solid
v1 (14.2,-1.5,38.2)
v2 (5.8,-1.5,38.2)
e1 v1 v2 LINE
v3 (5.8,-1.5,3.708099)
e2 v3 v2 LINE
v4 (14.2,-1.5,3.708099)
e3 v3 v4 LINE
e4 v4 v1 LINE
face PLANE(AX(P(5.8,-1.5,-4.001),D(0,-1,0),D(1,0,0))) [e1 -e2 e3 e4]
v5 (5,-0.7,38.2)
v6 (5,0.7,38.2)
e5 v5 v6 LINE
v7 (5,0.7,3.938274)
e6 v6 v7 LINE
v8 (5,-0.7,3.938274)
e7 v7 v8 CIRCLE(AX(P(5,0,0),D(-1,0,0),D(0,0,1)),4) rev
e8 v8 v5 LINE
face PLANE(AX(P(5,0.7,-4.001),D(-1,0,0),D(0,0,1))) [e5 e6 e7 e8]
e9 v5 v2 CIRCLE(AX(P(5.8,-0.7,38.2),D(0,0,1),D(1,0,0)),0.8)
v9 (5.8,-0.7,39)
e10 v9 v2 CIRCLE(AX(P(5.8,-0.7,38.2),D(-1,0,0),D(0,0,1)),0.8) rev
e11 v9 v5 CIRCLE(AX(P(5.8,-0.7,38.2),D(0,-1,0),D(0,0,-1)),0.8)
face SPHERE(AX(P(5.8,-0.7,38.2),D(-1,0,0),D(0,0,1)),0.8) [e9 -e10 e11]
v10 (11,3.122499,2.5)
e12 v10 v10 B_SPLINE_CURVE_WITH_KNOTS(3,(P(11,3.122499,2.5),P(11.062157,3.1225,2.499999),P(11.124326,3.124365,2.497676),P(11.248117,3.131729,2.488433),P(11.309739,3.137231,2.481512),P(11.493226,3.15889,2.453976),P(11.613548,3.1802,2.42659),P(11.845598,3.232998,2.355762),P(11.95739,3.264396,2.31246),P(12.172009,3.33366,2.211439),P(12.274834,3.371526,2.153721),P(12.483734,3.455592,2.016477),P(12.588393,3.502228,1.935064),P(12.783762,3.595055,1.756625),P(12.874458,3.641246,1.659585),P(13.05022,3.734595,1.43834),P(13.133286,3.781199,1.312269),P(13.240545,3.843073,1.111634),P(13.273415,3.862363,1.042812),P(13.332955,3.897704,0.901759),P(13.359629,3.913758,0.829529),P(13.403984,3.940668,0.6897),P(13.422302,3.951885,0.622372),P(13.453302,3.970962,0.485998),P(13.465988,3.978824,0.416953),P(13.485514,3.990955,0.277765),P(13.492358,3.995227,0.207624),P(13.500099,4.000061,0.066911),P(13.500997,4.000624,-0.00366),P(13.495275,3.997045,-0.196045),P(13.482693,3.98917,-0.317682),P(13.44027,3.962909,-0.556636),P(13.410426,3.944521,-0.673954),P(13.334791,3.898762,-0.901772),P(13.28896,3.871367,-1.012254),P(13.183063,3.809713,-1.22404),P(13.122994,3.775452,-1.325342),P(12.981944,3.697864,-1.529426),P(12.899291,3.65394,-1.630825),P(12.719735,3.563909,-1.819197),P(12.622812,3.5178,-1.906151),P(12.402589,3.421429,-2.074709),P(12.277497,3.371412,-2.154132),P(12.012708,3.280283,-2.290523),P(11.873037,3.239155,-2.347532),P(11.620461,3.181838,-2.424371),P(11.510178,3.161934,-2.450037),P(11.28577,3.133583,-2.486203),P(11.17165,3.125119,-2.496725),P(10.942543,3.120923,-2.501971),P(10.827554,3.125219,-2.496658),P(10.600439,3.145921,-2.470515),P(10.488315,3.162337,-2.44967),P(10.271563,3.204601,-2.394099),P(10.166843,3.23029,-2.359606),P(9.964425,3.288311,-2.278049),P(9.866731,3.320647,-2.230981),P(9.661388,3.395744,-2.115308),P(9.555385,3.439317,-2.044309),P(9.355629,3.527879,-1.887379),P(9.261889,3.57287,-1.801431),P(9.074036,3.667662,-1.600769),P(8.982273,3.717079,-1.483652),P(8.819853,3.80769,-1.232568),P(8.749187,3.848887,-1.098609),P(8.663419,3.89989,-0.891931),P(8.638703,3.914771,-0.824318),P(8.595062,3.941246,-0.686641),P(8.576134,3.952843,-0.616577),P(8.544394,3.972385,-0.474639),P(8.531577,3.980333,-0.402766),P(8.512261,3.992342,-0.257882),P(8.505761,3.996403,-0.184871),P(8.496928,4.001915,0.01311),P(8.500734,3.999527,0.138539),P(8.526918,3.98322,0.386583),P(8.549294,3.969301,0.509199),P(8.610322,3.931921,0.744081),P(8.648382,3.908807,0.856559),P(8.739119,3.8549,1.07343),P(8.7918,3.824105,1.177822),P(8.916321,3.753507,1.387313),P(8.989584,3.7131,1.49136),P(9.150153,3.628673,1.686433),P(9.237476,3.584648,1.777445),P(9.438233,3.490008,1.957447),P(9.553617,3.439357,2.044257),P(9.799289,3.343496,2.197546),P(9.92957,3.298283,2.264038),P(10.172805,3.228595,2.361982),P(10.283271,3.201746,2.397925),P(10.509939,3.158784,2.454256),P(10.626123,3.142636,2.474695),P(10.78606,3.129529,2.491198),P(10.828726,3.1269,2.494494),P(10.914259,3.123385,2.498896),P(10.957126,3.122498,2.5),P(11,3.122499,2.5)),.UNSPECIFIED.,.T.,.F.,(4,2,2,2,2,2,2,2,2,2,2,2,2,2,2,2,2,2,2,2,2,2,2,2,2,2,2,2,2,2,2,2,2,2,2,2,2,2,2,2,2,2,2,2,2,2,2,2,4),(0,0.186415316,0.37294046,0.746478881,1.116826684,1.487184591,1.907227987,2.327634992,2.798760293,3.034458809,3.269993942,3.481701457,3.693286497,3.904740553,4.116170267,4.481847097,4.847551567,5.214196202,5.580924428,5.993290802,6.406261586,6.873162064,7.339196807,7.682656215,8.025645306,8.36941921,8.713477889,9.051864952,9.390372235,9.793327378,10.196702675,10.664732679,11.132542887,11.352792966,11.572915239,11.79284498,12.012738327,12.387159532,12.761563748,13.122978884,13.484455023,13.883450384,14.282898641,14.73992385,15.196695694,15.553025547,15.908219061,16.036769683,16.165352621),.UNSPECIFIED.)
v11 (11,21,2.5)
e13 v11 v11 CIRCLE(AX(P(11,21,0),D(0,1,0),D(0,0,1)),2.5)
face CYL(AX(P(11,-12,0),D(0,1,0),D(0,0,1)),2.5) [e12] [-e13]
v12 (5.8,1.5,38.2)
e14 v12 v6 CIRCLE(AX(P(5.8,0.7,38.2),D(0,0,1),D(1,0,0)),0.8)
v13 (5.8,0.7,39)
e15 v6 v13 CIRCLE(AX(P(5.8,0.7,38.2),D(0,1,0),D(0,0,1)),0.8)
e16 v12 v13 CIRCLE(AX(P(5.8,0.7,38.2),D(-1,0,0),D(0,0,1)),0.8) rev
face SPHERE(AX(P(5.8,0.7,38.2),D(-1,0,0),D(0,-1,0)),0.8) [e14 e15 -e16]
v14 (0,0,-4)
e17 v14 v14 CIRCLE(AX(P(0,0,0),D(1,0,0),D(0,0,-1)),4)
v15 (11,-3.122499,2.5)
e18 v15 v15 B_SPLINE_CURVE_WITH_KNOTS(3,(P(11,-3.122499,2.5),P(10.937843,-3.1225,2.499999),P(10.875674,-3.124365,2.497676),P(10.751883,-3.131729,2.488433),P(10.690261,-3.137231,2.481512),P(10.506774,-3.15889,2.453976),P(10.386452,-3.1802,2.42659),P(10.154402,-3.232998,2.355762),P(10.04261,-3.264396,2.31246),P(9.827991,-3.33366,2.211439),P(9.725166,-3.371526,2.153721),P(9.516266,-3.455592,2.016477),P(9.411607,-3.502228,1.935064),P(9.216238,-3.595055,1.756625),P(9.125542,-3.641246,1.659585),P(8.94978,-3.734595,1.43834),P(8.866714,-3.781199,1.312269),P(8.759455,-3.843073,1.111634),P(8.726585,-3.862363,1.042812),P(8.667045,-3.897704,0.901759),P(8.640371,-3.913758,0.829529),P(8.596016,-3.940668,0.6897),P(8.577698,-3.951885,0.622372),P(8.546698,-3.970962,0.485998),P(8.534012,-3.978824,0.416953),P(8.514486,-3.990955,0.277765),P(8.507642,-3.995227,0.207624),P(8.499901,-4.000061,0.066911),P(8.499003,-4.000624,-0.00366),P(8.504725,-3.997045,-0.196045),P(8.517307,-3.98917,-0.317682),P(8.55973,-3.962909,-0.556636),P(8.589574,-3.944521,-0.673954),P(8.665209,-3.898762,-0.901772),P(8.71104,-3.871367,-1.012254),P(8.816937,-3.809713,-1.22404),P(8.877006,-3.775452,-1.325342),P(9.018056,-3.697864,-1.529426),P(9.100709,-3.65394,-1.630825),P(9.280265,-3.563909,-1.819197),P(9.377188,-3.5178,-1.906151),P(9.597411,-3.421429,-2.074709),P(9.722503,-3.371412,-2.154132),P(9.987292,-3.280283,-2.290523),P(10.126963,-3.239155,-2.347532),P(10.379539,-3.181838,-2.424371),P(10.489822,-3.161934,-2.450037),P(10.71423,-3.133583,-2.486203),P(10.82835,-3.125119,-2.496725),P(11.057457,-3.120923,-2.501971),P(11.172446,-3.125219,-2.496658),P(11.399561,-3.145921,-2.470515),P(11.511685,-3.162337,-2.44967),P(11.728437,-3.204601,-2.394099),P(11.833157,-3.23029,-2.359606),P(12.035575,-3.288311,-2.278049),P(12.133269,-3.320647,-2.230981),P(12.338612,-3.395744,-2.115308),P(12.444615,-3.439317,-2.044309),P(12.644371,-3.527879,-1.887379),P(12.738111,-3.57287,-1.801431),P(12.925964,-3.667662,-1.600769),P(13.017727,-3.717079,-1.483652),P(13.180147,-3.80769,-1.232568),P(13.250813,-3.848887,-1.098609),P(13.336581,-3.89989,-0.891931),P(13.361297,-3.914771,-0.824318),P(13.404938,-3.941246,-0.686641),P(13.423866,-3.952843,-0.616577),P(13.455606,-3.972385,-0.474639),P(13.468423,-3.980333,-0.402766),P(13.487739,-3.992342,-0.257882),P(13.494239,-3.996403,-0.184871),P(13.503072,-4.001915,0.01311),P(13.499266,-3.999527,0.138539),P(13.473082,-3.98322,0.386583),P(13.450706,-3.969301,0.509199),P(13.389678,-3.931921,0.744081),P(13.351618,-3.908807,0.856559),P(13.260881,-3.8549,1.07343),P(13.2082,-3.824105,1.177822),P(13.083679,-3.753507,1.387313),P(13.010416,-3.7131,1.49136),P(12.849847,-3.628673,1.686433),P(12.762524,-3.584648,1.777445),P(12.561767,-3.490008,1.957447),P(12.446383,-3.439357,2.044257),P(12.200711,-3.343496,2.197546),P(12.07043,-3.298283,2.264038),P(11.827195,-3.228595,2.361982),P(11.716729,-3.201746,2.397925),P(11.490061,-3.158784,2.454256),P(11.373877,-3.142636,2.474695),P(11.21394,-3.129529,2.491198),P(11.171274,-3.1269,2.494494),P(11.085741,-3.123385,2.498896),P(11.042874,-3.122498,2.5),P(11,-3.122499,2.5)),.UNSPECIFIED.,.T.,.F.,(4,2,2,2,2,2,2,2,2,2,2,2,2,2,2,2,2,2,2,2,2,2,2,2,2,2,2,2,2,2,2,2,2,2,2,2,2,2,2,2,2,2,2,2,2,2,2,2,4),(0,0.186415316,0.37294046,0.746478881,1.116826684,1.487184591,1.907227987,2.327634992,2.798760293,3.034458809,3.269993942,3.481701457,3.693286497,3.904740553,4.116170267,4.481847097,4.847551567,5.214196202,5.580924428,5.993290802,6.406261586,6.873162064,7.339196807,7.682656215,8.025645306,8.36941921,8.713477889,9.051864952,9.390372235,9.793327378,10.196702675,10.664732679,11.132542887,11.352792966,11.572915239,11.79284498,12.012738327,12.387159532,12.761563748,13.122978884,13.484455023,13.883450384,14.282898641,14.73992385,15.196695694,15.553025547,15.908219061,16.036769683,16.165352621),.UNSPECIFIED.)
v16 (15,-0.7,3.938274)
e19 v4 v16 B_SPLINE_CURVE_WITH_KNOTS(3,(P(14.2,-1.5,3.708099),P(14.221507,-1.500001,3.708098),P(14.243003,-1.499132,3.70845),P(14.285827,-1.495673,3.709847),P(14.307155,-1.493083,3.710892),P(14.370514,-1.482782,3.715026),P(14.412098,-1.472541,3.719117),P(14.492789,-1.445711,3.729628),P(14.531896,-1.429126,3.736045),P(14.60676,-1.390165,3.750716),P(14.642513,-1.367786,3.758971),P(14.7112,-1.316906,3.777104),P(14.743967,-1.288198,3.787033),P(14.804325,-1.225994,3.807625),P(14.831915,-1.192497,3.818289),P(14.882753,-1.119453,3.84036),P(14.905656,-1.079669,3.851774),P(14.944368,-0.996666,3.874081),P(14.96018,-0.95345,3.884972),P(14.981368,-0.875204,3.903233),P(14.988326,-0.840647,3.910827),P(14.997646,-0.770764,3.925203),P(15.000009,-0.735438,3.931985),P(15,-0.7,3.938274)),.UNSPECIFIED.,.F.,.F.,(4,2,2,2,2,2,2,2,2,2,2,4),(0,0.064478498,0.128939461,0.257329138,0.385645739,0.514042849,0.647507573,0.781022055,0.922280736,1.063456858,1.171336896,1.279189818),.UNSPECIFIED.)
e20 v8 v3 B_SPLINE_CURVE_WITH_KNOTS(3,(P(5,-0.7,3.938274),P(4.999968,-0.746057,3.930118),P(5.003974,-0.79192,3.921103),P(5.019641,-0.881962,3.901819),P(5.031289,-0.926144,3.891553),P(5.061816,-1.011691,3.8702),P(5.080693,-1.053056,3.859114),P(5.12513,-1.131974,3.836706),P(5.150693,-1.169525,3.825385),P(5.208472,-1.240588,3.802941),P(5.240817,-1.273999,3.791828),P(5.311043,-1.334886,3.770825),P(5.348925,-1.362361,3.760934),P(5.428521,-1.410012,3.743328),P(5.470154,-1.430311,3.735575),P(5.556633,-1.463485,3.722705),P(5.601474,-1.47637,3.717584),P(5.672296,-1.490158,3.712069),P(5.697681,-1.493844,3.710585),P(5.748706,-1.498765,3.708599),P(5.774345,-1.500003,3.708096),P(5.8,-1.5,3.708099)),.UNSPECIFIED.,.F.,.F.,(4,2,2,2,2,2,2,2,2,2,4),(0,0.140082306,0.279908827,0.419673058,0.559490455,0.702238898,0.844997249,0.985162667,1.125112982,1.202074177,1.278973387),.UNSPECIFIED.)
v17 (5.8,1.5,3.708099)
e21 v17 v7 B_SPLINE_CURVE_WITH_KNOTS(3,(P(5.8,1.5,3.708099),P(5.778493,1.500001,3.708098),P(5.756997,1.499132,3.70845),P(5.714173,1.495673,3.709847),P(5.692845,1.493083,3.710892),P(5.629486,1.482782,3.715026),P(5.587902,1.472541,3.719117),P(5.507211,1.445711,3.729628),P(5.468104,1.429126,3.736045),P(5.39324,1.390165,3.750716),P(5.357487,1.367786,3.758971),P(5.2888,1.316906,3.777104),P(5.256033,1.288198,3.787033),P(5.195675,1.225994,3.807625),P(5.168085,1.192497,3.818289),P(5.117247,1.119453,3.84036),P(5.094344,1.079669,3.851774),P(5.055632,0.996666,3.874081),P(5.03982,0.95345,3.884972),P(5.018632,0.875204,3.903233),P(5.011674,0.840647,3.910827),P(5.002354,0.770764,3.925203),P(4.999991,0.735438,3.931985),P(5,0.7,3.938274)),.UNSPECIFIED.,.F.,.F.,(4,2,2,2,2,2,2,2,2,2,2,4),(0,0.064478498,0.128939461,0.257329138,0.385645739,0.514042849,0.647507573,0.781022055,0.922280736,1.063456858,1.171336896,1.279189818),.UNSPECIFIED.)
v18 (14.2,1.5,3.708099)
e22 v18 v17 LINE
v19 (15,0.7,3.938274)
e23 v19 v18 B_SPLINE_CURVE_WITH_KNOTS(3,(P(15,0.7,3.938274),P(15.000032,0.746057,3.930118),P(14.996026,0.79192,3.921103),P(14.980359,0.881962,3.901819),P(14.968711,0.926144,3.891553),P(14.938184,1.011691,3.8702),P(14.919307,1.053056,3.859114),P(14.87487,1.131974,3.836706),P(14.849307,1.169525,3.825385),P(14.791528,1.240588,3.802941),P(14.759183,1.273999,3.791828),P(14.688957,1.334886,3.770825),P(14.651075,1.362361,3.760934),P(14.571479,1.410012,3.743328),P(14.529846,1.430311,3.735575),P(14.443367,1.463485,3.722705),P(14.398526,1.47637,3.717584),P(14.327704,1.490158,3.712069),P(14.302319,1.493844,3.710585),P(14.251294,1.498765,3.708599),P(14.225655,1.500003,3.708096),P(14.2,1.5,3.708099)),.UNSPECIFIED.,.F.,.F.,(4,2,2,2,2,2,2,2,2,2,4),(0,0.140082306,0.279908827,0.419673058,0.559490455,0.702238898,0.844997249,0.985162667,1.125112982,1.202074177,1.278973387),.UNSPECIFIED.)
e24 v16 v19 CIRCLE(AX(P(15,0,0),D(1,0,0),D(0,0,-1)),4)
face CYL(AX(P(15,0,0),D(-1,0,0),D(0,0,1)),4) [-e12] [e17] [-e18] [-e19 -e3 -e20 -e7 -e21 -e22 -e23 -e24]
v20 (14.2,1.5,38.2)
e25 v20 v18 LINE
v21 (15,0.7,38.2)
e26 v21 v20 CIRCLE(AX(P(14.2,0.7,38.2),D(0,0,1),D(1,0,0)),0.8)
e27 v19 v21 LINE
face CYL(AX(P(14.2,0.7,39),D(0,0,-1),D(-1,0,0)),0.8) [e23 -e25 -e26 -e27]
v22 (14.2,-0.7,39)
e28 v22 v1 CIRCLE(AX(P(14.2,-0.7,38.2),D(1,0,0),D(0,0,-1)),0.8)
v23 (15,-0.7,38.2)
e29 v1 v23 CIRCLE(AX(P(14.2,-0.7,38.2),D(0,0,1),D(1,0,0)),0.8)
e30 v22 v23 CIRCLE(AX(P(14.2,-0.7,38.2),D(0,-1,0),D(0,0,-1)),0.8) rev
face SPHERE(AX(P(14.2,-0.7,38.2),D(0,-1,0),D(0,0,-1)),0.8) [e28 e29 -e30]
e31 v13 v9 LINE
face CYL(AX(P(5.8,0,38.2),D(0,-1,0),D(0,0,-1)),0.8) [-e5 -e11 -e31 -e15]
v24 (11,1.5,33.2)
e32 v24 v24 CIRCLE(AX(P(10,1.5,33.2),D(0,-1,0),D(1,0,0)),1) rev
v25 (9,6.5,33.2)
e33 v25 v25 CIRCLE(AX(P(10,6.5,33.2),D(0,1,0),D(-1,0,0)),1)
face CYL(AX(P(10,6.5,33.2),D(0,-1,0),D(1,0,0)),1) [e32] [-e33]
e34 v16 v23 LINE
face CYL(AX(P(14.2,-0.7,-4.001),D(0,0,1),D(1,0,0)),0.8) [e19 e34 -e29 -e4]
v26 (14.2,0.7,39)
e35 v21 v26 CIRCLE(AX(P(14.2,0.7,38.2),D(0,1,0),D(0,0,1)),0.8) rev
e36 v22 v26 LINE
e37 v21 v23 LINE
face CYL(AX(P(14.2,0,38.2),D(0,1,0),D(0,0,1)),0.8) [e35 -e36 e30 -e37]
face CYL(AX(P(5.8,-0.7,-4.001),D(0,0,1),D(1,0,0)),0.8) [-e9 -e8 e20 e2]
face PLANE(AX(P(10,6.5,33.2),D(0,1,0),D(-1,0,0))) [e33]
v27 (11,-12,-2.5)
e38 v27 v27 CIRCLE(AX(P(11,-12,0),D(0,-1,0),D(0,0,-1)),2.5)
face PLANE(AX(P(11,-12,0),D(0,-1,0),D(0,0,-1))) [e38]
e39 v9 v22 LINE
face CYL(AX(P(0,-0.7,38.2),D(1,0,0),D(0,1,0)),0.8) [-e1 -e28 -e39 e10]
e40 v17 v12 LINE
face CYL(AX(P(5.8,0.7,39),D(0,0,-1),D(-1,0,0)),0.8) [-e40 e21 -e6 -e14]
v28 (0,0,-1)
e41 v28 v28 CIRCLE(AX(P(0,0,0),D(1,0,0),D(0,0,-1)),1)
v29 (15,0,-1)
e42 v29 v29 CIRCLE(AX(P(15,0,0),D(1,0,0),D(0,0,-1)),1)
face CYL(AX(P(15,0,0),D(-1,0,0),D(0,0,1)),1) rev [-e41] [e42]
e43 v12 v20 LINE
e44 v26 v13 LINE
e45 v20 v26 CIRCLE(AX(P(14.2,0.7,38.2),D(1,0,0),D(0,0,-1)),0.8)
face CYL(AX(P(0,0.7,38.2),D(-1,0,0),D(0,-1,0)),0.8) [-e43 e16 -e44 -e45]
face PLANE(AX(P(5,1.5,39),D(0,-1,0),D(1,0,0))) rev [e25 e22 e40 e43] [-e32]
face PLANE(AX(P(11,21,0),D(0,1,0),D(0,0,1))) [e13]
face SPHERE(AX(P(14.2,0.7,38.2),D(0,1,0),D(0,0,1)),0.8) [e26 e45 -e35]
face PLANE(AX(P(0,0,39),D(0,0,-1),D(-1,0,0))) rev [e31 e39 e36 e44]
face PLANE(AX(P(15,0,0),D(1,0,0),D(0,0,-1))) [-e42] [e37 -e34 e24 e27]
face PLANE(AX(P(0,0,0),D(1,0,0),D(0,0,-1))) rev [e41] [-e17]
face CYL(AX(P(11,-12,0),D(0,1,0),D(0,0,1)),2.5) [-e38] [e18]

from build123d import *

# Parameters (mm, degrees)
SKETCH2_R                = 4
SKETCH2_R_2              = 1
BOSS_EXTRUDE1_DEPTH      = 15
SKETCH4_R                = 2.5
BOSS_EXTRUDE2_DEPTH      = 17
SKETCH6_R                = 2.5
BOSS_EXTRUDE3_DEPTH      = 16
SKETCH8_R                = 1
CUT_EXTRUDE1_DEPTH       = 27.115129868
SKETCH10_W               = 10
SKETCH10_H               = 3
BOSS_EXTRUDE4_DEPTH      = 35
FILLET1_R                = 0.8
BOSS_EXTRUDE5_REACH      = 45.486
BOSS_EXTRUDE5_END_RADIUS = 4
SKETCH12_R               = 1
BOSS_EXTRUDE6_DEPTH      = 5


with BuildPart() as part:
    # Sketch2 → Boss-Extrude1 (new body)
    with BuildSketch(Plane(origin=(0, 0, 0), x_dir=(0, 0, -1), z_dir=(1, 0, 0))):
        Circle(SKETCH2_R)
        Circle(SKETCH2_R_2, mode=Mode.SUBTRACT)
    extrude(amount=BOSS_EXTRUDE1_DEPTH)



with BuildPart() as body_2:
    # Sketch4 → Boss-Extrude2 (new body)
    with BuildSketch(Plane(origin=(15, 4, 0), x_dir=(1, 0, 0), z_dir=(0, 1, 0))):
        with Locations(Location((-4, 0, 0), (0, 0, 270))):
            Circle(SKETCH4_R)
    extrude(amount=BOSS_EXTRUDE2_DEPTH)


with BuildPart() as part_1:
    add(part.part)

    add(body_2.part)  # Boss-Extrude3 merges body 2
    # Sketch6 → Boss-Extrude3 (add)
    with BuildSketch(Plane.XZ.offset(-4)):
        with Locations(Location((11, 0, 0), (0, 0, 90))):
            Circle(SKETCH6_R)
    extrude(amount=BOSS_EXTRUDE3_DEPTH)

    # Sketch8 → Cut-Extrude1 (cut, through all)
    with BuildSketch(Plane(origin=(15, 0, 0), x_dir=(0, 0, -1), z_dir=(1, 0, 0))):
        Circle(SKETCH8_R)
    extrude(amount=-CUT_EXTRUDE1_DEPTH, mode=Mode.SUBTRACT)



with BuildPart() as body_2_2:
    # Sketch10 → Boss-Extrude4 (new body)
    with BuildSketch(Plane(origin=(15, 0, 4), x_dir=(1, 0, 0), z_dir=(0, 0, 1))):
        with Locations((-5, 0)):
            Rectangle(SKETCH10_W, SKETCH10_H)
    extrude(amount=BOSS_EXTRUDE4_DEPTH)

    # Fillet1
    fillet1_edges = [body_2_2.edges().sort_by_distance(p)[0] for p in [
        (10, -1.5, 39),
        (15, 0, 39),
        (10, 1.5, 39),
        (15, 1.5, 21.5),
        (15, -1.5, 21.5),
        (5, -1.5, 21.5),
        (5, 1.5, 21.5),
        (5, 0, 39),
    ]]
    fillet(fillet1_edges, radius=FILLET1_R)


with BuildPart() as part_2:
    add(part_1.part)

    add(body_2_2.part)  # Boss-Extrude5 merges body 2 2
    # Boss-Extrude5: up to this cylinder (the profile starts outside it)
    boss_extrude5_end = Plane(origin=(10, 0, 0), z_dir=(-1, 0, 0)) * Cylinder(BOSS_EXTRUDE5_END_RADIUS, 99.972, mode=Mode.PRIVATE)
    # Sketch11 → Boss-Extrude5 (add, up to the surface)
    with BuildSketch(Plane(origin=(15, 0, 4), x_dir=(1, 0, 0), z_dir=(0, 0, 1)), mode=Mode.PRIVATE) as boss_extrude5_sk1:
        with BuildLine():
            Line((-9.2, -1.5), (-0.8, -1.5))
            ThreePointArc((-0.8, -1.5), (-0.234314575, -1.265685425), (0, -0.7))
            Line((0, -0.7), (0, 0.7))
            ThreePointArc((0, 0.7), (-0.234314575, 1.265685425), (-0.8, 1.5))
            Line((-0.8, 1.5), (-9.2, 1.5))
            ThreePointArc((-9.2, 1.5), (-9.765685425, 1.265685425), (-10, 0.7))
            Line((-10, 0.7), (-10, -0.7))
            ThreePointArc((-10, -0.7), (-9.765685425, -1.265685425), (-9.2, -1.5))
        make_face()
    boss_extrude5_tool1 = extrude(boss_extrude5_sk1.sketch, amount=-BOSS_EXTRUDE5_REACH, mode=Mode.PRIVATE) - boss_extrude5_end
    add(boss_extrude5_tool1.solids().sort_by_distance((10, 0, 4))[0])
    add(boss_extrude5_tool1.solids().sort_by_distance((10, 0, 4))[1])

    # Sketch12 → Boss-Extrude6 (add)
    with BuildSketch(Plane(origin=(0, 1.5, 0), x_dir=(1, 0, 0), z_dir=(0, 1, 0))):
        with Locations((10, -33.2)):
            Circle(SKETCH12_R)
    extrude(amount=BOSS_EXTRUDE6_DEPTH)


solid = part_2.part
